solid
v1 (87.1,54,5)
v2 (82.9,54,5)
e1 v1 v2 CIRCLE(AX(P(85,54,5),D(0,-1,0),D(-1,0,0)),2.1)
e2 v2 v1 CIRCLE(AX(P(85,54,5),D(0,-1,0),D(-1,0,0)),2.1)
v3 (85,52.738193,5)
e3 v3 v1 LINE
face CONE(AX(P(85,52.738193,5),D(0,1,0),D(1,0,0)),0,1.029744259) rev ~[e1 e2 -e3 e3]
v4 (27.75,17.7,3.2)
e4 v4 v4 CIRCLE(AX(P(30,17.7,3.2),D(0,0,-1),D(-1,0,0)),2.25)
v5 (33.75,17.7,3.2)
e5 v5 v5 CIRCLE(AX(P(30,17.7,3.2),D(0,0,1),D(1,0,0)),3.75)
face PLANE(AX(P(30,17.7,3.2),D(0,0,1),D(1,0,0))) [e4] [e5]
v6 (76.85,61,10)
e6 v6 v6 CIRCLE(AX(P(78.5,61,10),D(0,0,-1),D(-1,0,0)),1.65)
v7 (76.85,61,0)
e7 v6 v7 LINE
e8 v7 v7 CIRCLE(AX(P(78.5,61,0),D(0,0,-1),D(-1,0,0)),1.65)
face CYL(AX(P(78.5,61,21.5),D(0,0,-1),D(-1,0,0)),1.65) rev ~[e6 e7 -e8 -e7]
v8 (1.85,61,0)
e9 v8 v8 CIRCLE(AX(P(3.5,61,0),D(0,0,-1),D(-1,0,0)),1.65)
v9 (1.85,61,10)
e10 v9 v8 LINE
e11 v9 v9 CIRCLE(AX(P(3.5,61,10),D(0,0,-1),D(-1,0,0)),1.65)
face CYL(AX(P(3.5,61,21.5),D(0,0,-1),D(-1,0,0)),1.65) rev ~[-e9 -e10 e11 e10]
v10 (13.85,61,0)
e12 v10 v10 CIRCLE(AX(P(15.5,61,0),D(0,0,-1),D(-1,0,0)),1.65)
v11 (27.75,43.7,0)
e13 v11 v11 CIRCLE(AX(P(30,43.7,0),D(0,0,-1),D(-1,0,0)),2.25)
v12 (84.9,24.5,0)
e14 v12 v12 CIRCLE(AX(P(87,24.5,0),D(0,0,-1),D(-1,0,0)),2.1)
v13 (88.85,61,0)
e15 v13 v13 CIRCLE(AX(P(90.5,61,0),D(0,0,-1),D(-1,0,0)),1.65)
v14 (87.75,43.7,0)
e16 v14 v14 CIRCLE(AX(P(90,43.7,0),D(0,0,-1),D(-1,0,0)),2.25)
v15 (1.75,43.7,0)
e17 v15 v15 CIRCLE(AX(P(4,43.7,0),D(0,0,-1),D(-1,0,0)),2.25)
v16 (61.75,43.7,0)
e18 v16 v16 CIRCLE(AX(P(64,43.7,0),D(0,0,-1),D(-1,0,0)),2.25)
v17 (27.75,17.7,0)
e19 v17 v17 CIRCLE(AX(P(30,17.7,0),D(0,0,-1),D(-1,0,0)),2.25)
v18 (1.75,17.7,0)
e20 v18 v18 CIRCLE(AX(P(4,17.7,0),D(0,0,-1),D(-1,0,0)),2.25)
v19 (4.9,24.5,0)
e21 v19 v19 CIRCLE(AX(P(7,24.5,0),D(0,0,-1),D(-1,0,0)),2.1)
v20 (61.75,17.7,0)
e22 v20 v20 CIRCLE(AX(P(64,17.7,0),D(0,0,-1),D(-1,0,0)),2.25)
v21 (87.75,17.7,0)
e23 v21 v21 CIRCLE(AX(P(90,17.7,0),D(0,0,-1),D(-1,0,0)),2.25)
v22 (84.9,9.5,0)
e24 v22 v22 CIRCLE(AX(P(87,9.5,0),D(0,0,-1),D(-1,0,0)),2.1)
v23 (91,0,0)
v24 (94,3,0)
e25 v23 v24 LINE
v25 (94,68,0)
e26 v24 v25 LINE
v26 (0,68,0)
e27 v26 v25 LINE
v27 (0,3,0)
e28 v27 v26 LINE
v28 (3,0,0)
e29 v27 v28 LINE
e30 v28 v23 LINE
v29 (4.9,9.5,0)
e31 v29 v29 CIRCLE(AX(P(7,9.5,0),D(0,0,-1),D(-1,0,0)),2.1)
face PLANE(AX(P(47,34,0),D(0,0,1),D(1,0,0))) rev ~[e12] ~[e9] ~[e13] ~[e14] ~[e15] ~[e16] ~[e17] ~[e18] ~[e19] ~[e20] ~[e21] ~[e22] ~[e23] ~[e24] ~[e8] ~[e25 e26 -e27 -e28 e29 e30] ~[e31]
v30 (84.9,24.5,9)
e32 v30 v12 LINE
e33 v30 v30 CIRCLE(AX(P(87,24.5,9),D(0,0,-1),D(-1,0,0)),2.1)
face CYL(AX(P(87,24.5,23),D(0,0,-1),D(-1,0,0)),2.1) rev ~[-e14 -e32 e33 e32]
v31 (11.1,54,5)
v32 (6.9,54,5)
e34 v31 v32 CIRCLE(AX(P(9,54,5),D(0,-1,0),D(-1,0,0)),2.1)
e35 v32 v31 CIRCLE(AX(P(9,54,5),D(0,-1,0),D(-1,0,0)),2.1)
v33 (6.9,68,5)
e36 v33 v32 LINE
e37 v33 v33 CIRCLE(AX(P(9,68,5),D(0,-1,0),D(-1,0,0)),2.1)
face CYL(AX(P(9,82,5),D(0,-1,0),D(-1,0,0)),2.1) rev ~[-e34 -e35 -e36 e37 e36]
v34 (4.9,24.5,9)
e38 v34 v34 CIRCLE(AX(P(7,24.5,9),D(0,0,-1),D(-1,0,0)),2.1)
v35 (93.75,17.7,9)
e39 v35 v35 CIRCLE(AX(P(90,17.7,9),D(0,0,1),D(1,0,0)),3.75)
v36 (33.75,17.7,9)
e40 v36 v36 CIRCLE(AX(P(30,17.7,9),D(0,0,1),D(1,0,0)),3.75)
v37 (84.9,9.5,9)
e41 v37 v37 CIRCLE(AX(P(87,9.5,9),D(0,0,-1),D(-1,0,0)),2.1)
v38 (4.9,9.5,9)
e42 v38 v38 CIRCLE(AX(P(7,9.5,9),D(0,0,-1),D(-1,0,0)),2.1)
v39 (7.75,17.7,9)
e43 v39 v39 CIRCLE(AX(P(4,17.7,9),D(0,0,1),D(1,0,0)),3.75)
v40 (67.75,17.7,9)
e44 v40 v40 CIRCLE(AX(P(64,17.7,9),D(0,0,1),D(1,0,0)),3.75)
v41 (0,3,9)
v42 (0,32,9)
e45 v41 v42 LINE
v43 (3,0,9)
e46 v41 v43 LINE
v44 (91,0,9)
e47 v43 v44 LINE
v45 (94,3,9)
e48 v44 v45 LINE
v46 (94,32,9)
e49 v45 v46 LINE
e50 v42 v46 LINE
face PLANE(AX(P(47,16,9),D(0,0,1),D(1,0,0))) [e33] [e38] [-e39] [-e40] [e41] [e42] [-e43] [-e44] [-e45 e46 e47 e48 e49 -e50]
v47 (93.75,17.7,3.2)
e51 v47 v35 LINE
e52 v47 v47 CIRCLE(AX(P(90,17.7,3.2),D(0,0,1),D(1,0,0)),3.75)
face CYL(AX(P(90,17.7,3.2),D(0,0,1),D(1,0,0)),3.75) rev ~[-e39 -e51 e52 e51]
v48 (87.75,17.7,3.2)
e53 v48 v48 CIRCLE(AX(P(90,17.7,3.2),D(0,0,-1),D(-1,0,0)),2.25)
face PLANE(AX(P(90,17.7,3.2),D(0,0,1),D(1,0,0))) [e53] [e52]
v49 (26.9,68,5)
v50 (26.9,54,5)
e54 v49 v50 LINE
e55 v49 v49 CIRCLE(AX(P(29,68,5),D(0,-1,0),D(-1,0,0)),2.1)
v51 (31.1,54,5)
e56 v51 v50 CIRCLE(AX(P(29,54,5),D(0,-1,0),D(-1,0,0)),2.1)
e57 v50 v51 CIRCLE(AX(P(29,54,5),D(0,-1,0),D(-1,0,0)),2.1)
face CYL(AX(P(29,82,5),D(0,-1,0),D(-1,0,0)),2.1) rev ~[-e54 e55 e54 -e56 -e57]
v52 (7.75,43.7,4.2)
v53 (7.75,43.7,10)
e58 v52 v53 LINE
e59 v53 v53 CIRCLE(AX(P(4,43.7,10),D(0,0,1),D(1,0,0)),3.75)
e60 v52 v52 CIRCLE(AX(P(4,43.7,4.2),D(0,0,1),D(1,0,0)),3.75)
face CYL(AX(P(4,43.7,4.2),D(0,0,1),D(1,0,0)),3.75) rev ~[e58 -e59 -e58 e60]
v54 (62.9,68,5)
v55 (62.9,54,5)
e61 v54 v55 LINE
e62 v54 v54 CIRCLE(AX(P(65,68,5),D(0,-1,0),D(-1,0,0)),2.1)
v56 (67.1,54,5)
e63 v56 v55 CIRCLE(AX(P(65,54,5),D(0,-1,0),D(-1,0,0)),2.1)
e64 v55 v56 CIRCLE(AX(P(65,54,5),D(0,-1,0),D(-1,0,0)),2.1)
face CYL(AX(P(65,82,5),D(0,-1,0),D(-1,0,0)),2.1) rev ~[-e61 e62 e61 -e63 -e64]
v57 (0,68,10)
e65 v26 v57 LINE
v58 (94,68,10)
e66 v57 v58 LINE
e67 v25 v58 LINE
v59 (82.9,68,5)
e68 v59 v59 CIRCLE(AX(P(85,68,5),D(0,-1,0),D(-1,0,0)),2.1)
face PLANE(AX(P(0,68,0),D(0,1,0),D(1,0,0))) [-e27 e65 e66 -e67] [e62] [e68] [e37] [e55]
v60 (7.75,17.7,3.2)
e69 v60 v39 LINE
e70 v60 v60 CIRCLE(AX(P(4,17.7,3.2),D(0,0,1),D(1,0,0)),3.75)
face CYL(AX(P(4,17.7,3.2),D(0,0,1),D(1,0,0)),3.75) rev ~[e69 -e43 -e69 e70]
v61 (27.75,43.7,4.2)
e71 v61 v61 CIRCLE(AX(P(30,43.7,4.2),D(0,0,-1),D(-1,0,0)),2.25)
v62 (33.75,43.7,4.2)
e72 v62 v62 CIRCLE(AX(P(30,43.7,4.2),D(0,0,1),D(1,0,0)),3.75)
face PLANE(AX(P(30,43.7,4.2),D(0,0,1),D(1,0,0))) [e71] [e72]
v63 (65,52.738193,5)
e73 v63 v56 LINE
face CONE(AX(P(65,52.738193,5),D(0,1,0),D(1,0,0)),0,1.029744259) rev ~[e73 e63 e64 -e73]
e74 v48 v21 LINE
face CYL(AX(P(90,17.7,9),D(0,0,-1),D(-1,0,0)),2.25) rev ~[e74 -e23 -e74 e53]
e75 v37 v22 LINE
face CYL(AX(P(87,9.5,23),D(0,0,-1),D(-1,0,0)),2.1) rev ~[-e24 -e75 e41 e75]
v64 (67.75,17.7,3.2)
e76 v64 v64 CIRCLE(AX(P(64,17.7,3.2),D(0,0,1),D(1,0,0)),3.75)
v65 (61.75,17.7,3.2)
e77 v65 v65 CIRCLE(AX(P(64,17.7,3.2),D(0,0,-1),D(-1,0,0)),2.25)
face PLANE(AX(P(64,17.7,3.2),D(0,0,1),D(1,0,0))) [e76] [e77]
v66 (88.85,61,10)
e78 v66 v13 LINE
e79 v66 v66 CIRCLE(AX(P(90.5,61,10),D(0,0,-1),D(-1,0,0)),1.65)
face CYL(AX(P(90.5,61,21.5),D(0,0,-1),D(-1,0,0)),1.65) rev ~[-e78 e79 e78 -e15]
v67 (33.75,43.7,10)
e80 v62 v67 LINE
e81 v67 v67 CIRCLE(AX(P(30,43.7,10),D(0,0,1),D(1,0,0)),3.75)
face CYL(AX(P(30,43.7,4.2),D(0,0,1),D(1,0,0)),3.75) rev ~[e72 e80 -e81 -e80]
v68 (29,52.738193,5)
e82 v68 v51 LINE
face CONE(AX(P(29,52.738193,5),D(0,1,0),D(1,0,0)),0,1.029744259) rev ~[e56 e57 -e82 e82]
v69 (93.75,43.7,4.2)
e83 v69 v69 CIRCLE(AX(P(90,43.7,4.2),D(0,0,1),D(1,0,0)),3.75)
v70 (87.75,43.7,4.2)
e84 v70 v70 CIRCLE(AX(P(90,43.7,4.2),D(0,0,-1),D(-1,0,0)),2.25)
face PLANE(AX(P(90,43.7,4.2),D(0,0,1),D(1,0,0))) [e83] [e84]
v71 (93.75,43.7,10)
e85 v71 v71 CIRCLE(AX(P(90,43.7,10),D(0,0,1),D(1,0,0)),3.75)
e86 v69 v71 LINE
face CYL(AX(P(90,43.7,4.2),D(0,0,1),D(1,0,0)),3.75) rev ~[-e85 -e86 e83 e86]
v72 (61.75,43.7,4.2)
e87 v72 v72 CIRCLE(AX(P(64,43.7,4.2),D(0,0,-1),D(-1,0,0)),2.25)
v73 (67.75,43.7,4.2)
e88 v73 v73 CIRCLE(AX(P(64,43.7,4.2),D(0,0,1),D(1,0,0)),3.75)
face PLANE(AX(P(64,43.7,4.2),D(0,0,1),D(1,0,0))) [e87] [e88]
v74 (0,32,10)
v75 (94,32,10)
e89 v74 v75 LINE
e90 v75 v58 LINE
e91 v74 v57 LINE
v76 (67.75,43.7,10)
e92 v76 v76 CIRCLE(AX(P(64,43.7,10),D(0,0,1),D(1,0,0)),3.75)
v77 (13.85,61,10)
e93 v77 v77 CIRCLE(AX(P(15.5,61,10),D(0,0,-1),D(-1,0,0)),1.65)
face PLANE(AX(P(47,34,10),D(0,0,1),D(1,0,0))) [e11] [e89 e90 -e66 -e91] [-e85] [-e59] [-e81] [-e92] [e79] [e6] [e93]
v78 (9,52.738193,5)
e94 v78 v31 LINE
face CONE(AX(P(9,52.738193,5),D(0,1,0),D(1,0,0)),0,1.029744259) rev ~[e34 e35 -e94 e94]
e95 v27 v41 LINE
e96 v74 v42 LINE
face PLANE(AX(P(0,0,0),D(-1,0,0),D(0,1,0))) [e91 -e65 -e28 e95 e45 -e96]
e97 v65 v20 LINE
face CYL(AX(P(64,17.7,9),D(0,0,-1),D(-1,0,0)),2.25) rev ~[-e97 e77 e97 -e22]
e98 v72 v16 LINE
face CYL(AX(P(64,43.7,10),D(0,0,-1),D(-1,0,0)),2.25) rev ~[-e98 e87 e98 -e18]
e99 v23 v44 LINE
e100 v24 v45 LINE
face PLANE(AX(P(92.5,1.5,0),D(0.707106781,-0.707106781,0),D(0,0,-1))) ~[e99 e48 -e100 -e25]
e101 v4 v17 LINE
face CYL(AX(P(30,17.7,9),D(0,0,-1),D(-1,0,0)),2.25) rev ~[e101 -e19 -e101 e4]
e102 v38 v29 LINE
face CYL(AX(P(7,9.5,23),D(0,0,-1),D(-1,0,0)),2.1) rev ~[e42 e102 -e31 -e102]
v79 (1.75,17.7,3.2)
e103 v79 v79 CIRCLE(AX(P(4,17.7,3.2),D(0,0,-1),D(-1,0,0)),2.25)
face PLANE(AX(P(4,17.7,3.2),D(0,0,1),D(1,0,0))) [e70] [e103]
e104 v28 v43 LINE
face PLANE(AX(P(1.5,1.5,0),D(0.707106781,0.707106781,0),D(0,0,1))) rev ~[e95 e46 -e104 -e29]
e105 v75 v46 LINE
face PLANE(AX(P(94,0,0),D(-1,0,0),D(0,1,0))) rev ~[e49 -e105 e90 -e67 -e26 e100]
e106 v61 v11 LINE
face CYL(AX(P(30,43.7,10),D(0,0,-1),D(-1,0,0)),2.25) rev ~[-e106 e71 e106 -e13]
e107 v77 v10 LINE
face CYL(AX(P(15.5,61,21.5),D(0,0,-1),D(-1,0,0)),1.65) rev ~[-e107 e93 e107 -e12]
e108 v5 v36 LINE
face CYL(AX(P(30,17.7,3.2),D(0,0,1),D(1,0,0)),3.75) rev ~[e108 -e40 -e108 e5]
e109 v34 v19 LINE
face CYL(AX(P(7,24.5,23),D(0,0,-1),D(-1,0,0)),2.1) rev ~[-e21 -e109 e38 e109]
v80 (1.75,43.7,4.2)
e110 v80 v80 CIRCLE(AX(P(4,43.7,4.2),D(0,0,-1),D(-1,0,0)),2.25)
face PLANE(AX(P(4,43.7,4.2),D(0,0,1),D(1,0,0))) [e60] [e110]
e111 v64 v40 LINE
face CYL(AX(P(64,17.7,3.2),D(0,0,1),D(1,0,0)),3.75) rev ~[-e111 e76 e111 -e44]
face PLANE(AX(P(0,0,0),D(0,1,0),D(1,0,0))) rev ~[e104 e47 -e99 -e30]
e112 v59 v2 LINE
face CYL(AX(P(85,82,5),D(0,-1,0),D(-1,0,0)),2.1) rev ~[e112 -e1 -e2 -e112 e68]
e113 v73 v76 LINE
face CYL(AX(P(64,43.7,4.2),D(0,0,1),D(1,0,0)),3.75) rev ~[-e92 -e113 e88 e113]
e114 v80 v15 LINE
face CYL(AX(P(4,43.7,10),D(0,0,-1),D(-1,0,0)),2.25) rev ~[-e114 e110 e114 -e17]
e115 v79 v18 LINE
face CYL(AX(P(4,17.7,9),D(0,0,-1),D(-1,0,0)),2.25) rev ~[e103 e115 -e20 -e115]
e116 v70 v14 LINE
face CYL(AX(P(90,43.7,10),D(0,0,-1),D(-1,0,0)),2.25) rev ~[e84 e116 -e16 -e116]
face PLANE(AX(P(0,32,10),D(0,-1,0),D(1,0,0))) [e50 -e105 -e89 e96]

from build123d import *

# Parameters (mm, degrees)
SKETCH1_W                                           = 94
SKETCH1_H                                           = 68
BOSS_EXTRUDE1_DEPTH                                 = 10
M5_TAPPED_HOLE1_D                                   = 4.2
M5_TAPPED_HOLE1_DEPTH                               = 14
M5_TAPPED_HOLE1_TIP                                 = 1.2618073
SKETCH4_W                                           = 94
SKETCH4_H                                           = 32
CUT_EXTRUDE1_DEPTH                                  = 1
CHAMFER1_SIZE                                       = 3
CBORE_FOR_M4_HEX_SOCKET_HEAD_CAP_SCREW5_D           = 4.5
CBORE_FOR_M4_HEX_SOCKET_HEAD_CAP_SCREW5_CBORE_D     = 7.5
CBORE_FOR_M4_HEX_SOCKET_HEAD_CAP_SCREW5_CBORE_DEPTH = 5.8
M5_TAPPED_HOLE2_D                                   = 4.2
M5_TAPPED_HOLE2_DEPTH                               = 14
M5_TAPPED_HOLE2_TIP                                 = 1.2618073
M4_TAPPED_HOLE1_D                                   = 3.3
M4_TAPPED_HOLE1_DEPTH                               = 11.5
M4_TAPPED_HOLE1_TIP                                 = 0.991420021
CBORE_FOR_M4_HEX_SOCKET_HEAD_CAP_SCREW6_D           = 4.5
CBORE_FOR_M4_HEX_SOCKET_HEAD_CAP_SCREW6_CBORE_D     = 7.5
CBORE_FOR_M4_HEX_SOCKET_HEAD_CAP_SCREW6_CBORE_DEPTH = 5.8


with BuildPart() as part:
    # Sketch1 → Boss-Extrude1 (new body)
    with BuildSketch(Plane.XY):
        with Locations((47, 34)):
            Rectangle(SKETCH1_W, SKETCH1_H)
    extrude(amount=BOSS_EXTRUDE1_DEPTH)

    # M5 Tapped Hole1
    with Locations(Plane(origin=(9, 68, 5), x_dir=(1, 0, 0), z_dir=(0, 1, 0))):
        with Locations((0, 0), (20, 0), (56, 0), (76, 0)):
            Hole(M5_TAPPED_HOLE1_D / 2, depth=M5_TAPPED_HOLE1_DEPTH)
            with Locations((0, 0, -(M5_TAPPED_HOLE1_DEPTH + M5_TAPPED_HOLE1_TIP / 2))):  # 118° drill point
                Cone(0, M5_TAPPED_HOLE1_D / 2, M5_TAPPED_HOLE1_TIP, mode=Mode.SUBTRACT)

    # Sketch4 → Cut-Extrude1 (cut)
    with BuildSketch(Plane.XY.offset(10)):
        with Locations((47, 16)):
            Rectangle(SKETCH4_W, SKETCH4_H)
    extrude(amount=-CUT_EXTRUDE1_DEPTH, mode=Mode.SUBTRACT)

    # Chamfer1
    chamfer1_edges = [part.edges().sort_by_distance(p)[0] for p in [
        (0, 0, 4.5),
        (94, 0, 4.5),
    ]]
    chamfer(chamfer1_edges, length=CHAMFER1_SIZE)

    # CBORE for M4 Hex Socket Head Cap Screw5 (through all)
    with Locations(Plane(origin=(4, 17.7, 9), x_dir=(1, 0, 0), z_dir=(0, 0, 1))):
        with Locations((0, 0), (26, 0), (60, 0), (86, 0)):
            CounterBoreHole(CBORE_FOR_M4_HEX_SOCKET_HEAD_CAP_SCREW5_D / 2, CBORE_FOR_M4_HEX_SOCKET_HEAD_CAP_SCREW5_CBORE_D / 2, CBORE_FOR_M4_HEX_SOCKET_HEAD_CAP_SCREW5_CBORE_DEPTH)

    # M5 Tapped Hole2
    with Locations(Plane(origin=(7, 24.5, 9), x_dir=(1, 0, 0), z_dir=(0, 0, 1))):
        with Locations((0, 0), (0, -15), (80, 0), (80, -15)):
            Hole(M5_TAPPED_HOLE2_D / 2, depth=M5_TAPPED_HOLE2_DEPTH)
            with Locations((0, 0, -(M5_TAPPED_HOLE2_DEPTH + M5_TAPPED_HOLE2_TIP / 2))):  # 118° drill point
                Cone(0, M5_TAPPED_HOLE2_D / 2, M5_TAPPED_HOLE2_TIP, mode=Mode.SUBTRACT)

    # M4 Tapped Hole1
    with Locations(Plane(origin=(3.5, 61, 10), x_dir=(1, 0, 0), z_dir=(0, 0, 1))):
        with Locations((0, 0), (12, 0), (75, 0), (87, 0)):
            Hole(M4_TAPPED_HOLE1_D / 2, depth=M4_TAPPED_HOLE1_DEPTH)
            with Locations((0, 0, -(M4_TAPPED_HOLE1_DEPTH + M4_TAPPED_HOLE1_TIP / 2))):  # 118° drill point
                Cone(0, M4_TAPPED_HOLE1_D / 2, M4_TAPPED_HOLE1_TIP, mode=Mode.SUBTRACT)

    # CBORE for M4 Hex Socket Head Cap Screw6 (through all)
    with Locations(Plane(origin=(4, 43.7, 10), x_dir=(1, 0, 0), z_dir=(0, 0, 1))):
        with Locations((0, 0), (26, 0), (60, 0), (86, 0)):
            CounterBoreHole(CBORE_FOR_M4_HEX_SOCKET_HEAD_CAP_SCREW6_D / 2, CBORE_FOR_M4_HEX_SOCKET_HEAD_CAP_SCREW6_CBORE_D / 2, CBORE_FOR_M4_HEX_SOCKET_HEAD_CAP_SCREW6_CBORE_DEPTH)


solid = part.part
